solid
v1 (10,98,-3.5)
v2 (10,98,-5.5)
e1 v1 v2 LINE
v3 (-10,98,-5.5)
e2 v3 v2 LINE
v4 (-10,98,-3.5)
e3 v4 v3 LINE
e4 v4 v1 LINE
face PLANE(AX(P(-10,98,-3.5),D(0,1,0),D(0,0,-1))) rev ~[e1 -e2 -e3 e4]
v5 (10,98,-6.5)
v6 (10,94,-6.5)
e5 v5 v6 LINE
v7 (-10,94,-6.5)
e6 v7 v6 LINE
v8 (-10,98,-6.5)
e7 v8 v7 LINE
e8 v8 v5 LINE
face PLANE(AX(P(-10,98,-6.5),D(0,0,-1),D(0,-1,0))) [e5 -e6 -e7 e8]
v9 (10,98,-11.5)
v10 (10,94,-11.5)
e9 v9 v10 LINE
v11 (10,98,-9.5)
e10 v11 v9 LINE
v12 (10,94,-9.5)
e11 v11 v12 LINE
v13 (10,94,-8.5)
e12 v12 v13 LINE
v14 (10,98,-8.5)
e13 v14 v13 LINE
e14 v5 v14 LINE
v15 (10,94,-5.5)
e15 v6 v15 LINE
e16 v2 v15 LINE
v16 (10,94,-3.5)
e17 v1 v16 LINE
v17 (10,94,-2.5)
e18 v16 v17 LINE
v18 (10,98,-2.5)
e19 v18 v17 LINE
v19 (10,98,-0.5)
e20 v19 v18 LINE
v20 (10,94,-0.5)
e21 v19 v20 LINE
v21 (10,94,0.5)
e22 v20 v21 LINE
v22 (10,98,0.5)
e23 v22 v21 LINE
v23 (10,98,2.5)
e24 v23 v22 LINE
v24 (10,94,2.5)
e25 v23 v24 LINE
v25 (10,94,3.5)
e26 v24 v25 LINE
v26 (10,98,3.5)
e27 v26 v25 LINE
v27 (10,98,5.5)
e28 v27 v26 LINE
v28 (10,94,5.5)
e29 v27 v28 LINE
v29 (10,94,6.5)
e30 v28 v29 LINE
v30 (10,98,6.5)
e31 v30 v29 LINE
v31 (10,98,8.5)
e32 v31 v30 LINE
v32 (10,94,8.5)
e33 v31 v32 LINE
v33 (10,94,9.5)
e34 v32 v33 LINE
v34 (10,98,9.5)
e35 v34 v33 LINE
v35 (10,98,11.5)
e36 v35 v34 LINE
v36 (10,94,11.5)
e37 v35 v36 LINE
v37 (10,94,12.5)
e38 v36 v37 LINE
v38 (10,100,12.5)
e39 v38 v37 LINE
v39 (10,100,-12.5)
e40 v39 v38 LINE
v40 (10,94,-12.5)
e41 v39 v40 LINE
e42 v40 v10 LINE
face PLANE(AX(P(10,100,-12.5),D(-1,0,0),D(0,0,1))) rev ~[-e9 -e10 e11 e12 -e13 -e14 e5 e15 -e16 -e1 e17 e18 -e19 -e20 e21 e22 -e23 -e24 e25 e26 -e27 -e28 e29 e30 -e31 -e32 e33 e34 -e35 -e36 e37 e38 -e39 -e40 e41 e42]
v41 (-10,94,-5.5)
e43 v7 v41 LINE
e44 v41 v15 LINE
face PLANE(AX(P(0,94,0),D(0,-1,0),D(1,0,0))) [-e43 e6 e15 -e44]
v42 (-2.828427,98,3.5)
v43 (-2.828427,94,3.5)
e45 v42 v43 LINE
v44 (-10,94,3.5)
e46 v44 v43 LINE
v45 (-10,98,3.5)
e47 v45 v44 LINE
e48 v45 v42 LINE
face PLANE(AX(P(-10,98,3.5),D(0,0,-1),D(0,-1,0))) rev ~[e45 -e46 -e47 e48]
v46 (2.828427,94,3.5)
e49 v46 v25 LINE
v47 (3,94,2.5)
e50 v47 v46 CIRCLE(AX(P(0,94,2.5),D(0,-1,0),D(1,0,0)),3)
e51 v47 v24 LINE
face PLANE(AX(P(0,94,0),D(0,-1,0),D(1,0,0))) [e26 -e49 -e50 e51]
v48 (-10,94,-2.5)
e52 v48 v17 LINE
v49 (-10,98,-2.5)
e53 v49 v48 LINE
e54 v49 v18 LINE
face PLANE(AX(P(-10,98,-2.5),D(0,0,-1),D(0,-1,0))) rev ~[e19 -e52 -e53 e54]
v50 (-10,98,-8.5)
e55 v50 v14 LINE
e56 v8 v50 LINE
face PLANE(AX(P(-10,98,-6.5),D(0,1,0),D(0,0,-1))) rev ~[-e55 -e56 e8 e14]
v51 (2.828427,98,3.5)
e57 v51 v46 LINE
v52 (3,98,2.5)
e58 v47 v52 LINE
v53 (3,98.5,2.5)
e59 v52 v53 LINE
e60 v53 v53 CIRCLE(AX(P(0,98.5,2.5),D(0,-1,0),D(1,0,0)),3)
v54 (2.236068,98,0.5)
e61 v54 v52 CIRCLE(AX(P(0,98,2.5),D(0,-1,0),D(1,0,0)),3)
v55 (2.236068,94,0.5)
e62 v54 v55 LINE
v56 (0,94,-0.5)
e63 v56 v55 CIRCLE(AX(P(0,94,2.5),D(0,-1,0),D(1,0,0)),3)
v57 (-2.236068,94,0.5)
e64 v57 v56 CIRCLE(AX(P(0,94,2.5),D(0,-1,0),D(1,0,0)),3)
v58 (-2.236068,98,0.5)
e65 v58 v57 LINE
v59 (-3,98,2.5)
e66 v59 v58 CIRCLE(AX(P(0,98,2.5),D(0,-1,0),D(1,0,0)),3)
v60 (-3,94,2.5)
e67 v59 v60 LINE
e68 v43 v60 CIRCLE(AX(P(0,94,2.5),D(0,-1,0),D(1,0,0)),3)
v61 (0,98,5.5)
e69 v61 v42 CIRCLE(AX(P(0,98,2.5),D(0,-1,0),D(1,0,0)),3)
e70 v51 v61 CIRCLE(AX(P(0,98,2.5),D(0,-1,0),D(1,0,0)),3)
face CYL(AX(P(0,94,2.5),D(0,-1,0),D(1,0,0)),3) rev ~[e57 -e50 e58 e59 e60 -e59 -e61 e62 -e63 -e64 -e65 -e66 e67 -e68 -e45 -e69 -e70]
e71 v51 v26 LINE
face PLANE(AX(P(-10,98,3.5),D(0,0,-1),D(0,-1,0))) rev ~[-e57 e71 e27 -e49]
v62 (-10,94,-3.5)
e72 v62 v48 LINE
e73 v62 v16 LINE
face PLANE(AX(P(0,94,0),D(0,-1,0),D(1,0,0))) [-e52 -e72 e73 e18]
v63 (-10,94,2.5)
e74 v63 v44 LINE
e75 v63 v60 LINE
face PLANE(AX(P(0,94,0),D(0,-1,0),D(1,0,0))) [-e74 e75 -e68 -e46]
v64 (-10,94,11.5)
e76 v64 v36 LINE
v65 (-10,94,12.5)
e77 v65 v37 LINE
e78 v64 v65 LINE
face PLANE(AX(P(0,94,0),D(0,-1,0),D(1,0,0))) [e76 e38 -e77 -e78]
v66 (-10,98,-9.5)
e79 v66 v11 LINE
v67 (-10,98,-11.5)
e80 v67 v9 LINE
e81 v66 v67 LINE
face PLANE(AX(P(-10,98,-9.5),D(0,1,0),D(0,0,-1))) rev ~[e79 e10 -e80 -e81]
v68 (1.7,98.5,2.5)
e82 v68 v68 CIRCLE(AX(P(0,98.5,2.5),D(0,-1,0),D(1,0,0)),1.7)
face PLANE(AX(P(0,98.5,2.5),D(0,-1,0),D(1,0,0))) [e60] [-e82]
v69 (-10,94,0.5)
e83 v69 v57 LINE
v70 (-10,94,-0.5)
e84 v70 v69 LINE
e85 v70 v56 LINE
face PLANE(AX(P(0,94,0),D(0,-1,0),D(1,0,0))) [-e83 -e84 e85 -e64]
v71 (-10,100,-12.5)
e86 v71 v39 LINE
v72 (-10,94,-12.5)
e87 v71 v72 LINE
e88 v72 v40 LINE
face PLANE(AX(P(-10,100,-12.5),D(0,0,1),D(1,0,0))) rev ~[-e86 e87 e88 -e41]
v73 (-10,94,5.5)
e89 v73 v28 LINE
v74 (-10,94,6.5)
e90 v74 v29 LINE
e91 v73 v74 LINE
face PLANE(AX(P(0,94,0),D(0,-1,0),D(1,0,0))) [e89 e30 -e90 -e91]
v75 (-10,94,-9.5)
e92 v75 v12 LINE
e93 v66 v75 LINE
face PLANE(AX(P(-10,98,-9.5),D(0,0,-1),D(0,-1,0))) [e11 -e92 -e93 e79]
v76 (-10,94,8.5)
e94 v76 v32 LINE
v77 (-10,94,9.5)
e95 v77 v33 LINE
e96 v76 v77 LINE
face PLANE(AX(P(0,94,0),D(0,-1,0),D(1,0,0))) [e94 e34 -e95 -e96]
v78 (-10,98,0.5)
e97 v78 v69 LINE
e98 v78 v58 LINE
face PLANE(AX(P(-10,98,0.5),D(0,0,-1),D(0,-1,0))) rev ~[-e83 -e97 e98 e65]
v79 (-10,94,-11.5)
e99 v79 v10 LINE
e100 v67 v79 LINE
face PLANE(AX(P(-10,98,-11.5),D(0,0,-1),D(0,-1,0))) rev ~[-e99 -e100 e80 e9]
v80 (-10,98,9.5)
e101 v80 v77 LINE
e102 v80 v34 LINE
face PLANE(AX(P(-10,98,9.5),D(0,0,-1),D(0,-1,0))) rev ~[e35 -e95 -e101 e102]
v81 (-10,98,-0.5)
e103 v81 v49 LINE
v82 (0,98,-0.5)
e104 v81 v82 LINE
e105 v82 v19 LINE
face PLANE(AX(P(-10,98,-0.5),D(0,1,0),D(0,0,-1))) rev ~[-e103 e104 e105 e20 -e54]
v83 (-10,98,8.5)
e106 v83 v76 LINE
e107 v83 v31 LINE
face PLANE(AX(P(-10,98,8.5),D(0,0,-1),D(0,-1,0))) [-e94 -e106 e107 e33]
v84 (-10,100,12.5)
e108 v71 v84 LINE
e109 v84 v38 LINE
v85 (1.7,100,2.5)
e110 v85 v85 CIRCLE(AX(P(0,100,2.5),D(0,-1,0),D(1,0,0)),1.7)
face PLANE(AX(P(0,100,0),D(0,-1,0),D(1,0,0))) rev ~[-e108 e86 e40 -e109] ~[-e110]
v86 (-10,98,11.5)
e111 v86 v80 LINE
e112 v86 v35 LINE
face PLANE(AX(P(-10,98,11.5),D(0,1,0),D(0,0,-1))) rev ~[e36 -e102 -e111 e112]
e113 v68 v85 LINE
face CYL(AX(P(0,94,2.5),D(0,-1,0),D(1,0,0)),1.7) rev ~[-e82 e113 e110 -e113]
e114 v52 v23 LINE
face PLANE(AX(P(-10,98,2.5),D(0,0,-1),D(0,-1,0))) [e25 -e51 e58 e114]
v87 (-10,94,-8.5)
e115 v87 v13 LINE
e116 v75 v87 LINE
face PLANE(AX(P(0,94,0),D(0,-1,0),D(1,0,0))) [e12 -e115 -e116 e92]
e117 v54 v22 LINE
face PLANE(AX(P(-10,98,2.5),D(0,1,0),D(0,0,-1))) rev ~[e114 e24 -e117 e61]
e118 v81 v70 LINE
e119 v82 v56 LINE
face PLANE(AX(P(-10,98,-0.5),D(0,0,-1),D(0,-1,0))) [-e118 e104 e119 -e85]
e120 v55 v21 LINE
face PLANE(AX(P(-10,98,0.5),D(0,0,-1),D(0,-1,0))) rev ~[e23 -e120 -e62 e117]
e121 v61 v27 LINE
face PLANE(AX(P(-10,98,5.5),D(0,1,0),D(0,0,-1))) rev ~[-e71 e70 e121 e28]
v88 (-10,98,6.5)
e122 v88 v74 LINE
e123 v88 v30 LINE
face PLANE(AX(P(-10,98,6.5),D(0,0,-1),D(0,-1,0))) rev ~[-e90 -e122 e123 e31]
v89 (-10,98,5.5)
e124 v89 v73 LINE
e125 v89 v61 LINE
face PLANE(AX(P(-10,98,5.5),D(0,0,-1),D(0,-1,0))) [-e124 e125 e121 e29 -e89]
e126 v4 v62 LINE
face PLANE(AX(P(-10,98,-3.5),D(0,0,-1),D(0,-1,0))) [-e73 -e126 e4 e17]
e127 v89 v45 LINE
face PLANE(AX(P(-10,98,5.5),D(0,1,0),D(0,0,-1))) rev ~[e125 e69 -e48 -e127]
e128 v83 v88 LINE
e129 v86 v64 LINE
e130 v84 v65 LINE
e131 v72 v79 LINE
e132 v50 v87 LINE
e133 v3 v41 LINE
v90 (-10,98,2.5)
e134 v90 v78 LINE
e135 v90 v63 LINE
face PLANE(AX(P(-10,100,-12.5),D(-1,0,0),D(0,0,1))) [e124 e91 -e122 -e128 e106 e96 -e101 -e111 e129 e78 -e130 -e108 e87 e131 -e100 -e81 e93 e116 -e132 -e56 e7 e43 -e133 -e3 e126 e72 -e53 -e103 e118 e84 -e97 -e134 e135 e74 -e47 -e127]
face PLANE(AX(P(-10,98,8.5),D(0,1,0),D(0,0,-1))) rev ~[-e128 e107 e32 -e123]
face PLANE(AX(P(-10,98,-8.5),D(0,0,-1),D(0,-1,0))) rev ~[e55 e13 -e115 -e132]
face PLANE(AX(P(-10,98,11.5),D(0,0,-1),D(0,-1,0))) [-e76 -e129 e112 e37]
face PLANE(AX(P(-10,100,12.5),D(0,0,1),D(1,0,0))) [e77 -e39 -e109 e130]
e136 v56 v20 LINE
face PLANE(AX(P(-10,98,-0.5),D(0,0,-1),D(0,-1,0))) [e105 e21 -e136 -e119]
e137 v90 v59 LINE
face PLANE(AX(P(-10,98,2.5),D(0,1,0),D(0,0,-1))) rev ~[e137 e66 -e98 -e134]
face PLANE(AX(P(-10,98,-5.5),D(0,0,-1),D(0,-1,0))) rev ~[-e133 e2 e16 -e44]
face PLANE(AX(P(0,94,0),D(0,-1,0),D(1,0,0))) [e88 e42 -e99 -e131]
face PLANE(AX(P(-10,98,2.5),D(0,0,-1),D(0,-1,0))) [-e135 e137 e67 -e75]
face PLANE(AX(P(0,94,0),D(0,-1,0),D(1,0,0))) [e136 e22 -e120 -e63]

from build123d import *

# Parameters (mm, degrees)
SKETCH_W            = 20
SKETCH_H            = 25
PAD_DEPTH           = 6
SKETCH001_R         = 1.7
POCKET_DEPTH        = 10
SKETCH002_W         = 2
SKETCH002_H         = 4
POCKET001_DEPTH     = 25
LINEARPATTERN_COUNT = 8
LINEARPATTERN_PITCH = 3
SKETCH003_R         = 3
POCKET002_DEPTH     = 4.5


with BuildPart() as part:
    # Sketch → Pad (new body)
    with BuildSketch(Plane.XZ):
        Rectangle(SKETCH_W, SKETCH_H)
    extrude(amount=PAD_DEPTH)

    # Sketch001 (on Face6 of Pad) → Pocket (cut)
    with BuildSketch(Plane.XZ.offset(6)):
        with Locations((0, 2.5)):
            Circle(SKETCH001_R)
    extrude(amount=-POCKET_DEPTH, mode=Mode.SUBTRACT)

    # Sketch002 (on Face2 of Pocket) → Pocket001 (cut)
    with BuildSketch(Plane(origin=(-10, 0, 0), x_dir=(0, 0, -1), z_dir=(-1, 0, 0))):
        with Locations((-10.5, 4)):
            Rectangle(SKETCH002_W, SKETCH002_H)
    pocket001 = extrude(amount=-POCKET001_DEPTH, mode=Mode.SUBTRACT)

    # LinearPattern: Pocket001 ×8
    with Locations(*[(0, 0, -i * LINEARPATTERN_PITCH) for i in range(1, LINEARPATTERN_COUNT)]):
        add(pocket001, mode=Mode.SUBTRACT)

    # Sketch003 (on Face40 of LinearPattern) → Pocket002 (cut)
    with BuildSketch(Plane.XZ.offset(6)):
        with Locations((0, 2.5)):
            Circle(SKETCH003_R)
    extrude(amount=-POCKET002_DEPTH, mode=Mode.SUBTRACT)


with BuildPart() as part_1:
    # Body002 placement: moved
    add(part.part.moved(Location((0, 100, 0))))


solid = part_1.part
